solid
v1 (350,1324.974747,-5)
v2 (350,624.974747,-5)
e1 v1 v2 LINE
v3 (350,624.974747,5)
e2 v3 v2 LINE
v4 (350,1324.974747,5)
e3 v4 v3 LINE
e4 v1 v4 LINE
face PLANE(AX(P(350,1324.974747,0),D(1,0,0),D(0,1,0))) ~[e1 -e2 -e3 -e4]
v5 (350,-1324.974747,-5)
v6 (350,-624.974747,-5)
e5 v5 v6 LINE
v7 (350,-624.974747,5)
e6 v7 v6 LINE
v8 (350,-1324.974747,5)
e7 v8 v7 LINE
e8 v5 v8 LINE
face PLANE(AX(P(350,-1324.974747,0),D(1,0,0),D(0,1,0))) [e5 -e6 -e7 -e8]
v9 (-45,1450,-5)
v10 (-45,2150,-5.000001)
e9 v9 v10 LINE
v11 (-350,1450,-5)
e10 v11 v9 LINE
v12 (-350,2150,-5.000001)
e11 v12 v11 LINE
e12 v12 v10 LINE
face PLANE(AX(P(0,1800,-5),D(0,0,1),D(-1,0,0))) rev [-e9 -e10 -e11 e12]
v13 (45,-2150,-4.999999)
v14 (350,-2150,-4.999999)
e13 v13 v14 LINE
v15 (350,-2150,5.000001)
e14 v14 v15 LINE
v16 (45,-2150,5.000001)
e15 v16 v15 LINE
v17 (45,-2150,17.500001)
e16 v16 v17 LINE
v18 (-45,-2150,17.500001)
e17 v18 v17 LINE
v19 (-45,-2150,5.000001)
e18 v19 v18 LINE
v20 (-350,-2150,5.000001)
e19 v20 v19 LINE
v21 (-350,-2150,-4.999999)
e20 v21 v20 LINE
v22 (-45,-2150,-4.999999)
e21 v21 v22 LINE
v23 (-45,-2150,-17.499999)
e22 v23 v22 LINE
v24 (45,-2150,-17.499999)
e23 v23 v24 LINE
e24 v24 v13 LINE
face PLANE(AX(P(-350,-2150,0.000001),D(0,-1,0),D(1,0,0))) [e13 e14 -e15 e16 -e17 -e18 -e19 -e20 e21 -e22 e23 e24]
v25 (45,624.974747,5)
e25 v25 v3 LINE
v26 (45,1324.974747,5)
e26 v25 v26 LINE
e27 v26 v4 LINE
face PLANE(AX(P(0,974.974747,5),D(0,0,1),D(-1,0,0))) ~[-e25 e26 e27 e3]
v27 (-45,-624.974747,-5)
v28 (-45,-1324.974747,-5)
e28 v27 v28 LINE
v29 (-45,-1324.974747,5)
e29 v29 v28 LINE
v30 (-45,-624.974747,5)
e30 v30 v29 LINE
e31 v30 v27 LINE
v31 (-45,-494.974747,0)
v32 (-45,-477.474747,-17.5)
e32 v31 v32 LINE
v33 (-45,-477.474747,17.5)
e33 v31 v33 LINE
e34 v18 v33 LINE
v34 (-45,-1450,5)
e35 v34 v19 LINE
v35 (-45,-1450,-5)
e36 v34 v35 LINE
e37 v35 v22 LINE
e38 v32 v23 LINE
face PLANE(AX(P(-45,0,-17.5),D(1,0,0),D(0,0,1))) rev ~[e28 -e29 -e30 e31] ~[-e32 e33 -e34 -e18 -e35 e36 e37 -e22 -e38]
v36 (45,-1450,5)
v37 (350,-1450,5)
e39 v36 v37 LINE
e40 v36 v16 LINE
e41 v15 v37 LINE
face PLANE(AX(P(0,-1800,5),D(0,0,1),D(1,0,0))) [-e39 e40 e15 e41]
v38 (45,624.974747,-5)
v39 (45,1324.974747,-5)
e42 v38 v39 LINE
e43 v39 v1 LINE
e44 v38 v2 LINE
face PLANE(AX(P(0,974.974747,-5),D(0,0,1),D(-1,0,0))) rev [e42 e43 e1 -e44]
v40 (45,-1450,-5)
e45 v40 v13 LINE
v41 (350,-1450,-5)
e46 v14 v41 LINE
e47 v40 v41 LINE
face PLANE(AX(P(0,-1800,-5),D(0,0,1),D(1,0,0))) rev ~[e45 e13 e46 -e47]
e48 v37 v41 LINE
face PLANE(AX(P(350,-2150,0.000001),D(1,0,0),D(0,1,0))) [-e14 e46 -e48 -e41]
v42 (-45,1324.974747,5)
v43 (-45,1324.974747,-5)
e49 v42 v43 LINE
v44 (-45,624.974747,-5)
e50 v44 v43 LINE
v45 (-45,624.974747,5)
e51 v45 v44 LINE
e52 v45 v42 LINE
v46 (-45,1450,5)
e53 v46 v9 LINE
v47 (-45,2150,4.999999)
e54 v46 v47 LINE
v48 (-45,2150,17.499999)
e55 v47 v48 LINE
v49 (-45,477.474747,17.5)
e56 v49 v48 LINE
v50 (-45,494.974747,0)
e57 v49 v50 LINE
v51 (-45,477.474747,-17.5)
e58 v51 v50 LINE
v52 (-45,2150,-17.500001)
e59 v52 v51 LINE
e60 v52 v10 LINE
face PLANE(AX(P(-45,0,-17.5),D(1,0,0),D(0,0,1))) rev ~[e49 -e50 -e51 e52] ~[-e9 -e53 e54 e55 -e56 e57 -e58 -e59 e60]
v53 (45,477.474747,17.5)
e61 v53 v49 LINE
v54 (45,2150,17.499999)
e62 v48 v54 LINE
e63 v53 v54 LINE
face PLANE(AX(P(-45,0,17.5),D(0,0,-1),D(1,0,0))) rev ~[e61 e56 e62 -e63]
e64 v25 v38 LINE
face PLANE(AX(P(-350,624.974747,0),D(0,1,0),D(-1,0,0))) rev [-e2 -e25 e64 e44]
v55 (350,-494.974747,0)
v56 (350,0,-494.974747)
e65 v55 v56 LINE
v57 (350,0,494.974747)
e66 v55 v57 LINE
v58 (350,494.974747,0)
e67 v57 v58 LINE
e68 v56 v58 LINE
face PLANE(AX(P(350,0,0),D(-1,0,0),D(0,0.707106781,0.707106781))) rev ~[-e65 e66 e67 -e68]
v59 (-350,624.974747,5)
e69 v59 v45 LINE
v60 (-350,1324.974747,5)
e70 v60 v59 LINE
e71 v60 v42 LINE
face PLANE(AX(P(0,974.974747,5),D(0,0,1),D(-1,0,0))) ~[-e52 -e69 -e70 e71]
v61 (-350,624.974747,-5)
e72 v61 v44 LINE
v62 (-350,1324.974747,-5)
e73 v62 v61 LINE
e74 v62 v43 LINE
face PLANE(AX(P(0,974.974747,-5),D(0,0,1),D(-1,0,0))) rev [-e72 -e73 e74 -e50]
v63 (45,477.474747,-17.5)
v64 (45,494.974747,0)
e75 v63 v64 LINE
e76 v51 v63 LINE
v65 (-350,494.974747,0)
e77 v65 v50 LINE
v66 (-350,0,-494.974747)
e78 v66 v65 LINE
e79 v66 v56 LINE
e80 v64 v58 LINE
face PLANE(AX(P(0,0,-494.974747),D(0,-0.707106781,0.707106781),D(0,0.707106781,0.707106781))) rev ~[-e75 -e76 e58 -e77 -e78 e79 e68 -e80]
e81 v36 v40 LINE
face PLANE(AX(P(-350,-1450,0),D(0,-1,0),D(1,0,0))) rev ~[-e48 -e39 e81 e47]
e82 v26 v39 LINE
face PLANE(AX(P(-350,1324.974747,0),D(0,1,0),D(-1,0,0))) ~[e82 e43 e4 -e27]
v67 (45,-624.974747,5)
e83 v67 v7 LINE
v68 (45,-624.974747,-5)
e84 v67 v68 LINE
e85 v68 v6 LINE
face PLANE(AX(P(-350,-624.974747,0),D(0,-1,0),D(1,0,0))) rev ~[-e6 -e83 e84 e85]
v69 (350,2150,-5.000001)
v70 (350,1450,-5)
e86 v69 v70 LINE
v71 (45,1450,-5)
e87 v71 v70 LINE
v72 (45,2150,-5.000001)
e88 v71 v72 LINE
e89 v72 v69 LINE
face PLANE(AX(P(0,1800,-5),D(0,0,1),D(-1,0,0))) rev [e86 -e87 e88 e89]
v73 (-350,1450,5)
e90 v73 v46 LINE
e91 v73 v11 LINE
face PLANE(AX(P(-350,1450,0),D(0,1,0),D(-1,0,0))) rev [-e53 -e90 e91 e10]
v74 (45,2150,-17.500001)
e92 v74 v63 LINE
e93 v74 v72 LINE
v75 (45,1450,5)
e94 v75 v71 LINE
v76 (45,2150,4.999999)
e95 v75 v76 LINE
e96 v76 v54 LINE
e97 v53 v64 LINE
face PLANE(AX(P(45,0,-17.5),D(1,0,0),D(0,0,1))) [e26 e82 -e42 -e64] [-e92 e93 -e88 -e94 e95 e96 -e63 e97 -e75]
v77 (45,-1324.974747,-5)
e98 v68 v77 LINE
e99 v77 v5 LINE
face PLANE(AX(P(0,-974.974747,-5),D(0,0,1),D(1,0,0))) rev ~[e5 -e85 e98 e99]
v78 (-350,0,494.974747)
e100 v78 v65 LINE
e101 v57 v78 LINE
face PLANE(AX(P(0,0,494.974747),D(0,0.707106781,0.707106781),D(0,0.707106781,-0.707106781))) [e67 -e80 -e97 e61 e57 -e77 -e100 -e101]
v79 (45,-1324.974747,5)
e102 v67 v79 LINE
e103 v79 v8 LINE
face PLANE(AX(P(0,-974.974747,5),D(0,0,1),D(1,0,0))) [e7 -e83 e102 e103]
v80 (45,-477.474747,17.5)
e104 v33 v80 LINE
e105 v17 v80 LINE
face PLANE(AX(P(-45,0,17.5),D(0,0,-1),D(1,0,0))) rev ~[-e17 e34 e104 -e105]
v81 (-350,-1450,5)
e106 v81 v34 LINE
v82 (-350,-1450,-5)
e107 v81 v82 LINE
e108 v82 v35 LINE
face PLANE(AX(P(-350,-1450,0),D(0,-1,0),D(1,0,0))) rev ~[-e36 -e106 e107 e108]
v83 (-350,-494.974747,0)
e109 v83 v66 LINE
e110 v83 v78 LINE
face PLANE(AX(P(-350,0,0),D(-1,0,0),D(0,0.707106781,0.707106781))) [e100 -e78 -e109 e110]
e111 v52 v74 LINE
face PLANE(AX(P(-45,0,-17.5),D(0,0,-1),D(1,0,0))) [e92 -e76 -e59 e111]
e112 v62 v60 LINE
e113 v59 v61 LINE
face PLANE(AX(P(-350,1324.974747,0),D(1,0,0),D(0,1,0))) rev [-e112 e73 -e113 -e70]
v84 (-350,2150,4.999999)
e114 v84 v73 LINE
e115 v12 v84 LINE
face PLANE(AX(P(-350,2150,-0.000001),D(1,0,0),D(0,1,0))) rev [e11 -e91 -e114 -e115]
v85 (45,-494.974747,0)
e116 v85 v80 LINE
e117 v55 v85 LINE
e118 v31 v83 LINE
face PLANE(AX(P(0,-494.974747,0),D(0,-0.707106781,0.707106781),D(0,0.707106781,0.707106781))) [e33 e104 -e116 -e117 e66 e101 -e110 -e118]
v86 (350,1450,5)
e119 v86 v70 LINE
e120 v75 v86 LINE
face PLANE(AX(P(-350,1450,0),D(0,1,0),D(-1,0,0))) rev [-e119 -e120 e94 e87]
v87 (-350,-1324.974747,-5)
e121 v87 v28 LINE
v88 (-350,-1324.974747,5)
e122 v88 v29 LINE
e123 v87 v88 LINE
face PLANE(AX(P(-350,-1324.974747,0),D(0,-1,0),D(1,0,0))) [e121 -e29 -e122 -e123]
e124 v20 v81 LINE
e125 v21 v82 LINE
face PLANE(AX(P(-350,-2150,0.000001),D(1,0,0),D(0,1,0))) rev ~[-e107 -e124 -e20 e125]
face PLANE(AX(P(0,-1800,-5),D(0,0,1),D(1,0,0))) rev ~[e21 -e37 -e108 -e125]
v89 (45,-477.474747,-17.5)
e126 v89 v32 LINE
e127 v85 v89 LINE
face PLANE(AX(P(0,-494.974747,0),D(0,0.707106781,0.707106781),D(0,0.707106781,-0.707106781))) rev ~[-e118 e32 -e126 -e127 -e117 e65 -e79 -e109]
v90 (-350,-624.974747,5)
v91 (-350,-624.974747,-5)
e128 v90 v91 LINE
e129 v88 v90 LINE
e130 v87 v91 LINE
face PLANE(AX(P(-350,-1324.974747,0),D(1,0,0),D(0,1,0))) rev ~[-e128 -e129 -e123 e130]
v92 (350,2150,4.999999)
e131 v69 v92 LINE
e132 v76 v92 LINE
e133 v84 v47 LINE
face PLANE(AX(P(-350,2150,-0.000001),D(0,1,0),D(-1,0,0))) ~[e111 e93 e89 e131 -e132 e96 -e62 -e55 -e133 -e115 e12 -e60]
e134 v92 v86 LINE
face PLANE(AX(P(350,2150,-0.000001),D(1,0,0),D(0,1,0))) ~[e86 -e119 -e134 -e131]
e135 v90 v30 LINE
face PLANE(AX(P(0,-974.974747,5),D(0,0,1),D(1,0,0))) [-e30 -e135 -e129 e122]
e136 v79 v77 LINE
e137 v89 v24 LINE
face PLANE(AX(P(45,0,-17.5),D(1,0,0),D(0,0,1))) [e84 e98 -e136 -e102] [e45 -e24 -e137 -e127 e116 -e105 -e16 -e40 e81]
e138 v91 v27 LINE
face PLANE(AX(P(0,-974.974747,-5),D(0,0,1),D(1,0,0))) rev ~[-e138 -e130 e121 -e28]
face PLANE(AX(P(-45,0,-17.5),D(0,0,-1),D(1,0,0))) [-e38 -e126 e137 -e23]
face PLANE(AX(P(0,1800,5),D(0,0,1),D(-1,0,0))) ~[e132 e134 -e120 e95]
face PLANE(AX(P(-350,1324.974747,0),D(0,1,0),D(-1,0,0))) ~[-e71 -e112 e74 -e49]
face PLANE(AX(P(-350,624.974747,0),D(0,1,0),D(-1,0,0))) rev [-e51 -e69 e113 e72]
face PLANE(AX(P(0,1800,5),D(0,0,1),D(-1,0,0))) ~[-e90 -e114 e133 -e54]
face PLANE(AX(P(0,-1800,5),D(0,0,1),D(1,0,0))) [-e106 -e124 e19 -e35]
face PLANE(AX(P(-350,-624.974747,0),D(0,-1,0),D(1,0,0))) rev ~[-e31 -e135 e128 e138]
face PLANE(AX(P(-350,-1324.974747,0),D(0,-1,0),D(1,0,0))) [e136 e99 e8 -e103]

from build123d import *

# Parameters (mm, degrees)
SCHIZZO1_W                   = 700
SCHIZZO1_H                   = 700
ESTRUSIONE_ESTRUSIONE1_DEPTH = 350
SCHIZZO4_W                   = 90
SCHIZZO4_H                   = 35
ESTRUSIONE_ESTRUSIONE2_DEPTH = 2150
SCHIZZO6_W                   = 700
SCHIZZO6_H                   = 700
ESTRUSIONE_ESTRUSIONE3_DEPTH = 5
SCHIZZO7_W                   = 700
SCHIZZO7_H                   = 700
ESTRUSIONE_ESTRUSIONE4_DEPTH = 5
CORPO_SPOSTA_COPIA1_ANGLE    = 98.421058118


with BuildPart() as part:
    # Schizzo1 → Estrusione-Estrusione1 (new, symmetric)
    with BuildSketch(Plane(origin=(0, 0, 0), x_dir=(1, 0, 0), z_dir=(0, 1, 0))):
        Rectangle(SCHIZZO1_W, SCHIZZO1_H)
    extrude(amount=ESTRUSIONE_ESTRUSIONE1_DEPTH, both=True)

    # Schizzo4 → Estrusione-Estrusione2 (add, symmetric)
    with BuildSketch(Plane(origin=(0, 0, 0), x_dir=(0, -1, 0), z_dir=(-0.7071067811865488, 0, 0.7071067811865464))):
        Rectangle(SCHIZZO4_W, SCHIZZO4_H)
    extrude(amount=ESTRUSIONE_ESTRUSIONE2_DEPTH, both=True)

    # Schizzo6 → Estrusione-Estrusione3 (add, symmetric)
    with BuildSketch(Plane(origin=(0, 0, 0), x_dir=(0, -1, 0), z_dir=(0.7071067811865488, 0, 0.7071067811865464))):
        with Locations((0, -974.974746831)):
            Rectangle(SCHIZZO6_W, SCHIZZO6_H)
    estrusione_estrusione3 = extrude(amount=ESTRUSIONE_ESTRUSIONE3_DEPTH, both=True)

    # Schizzo7 → Estrusione-Estrusione4 (add, symmetric)
    with BuildSketch(Plane(origin=(0, 0, 0), x_dir=(0, -1, 0), z_dir=(0.7071067811865488, 0, 0.7071067811865464))):
        with Locations((0, -1800)):
            Rectangle(SCHIZZO7_W, SCHIZZO7_H)
    estrusione_estrusione4 = extrude(amount=ESTRUSIONE_ESTRUSIONE4_DEPTH, both=True)

    # Specchia1: Estrusione-Estrusione3, Estrusione-Estrusione4 across plane
    add(estrusione_estrusione3.mirror(Plane(origin=(0, 0, 0), x_dir=(0.7071067811865465, 0, 0.7071067811865486), z_dir=(-0.7071067811865488, 0, 0.7071067811865464))))
    add(estrusione_estrusione4.mirror(Plane(origin=(0, 0, 0), x_dir=(0.7071067811865465, 0, 0.7071067811865486), z_dir=(-0.7071067811865488, 0, 0.7071067811865464))))


with BuildPart() as part_1:
    # Corpo-Sposta/copia1: moved
    add(part.part.rotate(Axis((0, 0, 0), (0.3574067443365941, -0.3574067443365928, 0.8628562094610166)), CORPO_SPOSTA_COPIA1_ANGLE))


solid = part_1.part
